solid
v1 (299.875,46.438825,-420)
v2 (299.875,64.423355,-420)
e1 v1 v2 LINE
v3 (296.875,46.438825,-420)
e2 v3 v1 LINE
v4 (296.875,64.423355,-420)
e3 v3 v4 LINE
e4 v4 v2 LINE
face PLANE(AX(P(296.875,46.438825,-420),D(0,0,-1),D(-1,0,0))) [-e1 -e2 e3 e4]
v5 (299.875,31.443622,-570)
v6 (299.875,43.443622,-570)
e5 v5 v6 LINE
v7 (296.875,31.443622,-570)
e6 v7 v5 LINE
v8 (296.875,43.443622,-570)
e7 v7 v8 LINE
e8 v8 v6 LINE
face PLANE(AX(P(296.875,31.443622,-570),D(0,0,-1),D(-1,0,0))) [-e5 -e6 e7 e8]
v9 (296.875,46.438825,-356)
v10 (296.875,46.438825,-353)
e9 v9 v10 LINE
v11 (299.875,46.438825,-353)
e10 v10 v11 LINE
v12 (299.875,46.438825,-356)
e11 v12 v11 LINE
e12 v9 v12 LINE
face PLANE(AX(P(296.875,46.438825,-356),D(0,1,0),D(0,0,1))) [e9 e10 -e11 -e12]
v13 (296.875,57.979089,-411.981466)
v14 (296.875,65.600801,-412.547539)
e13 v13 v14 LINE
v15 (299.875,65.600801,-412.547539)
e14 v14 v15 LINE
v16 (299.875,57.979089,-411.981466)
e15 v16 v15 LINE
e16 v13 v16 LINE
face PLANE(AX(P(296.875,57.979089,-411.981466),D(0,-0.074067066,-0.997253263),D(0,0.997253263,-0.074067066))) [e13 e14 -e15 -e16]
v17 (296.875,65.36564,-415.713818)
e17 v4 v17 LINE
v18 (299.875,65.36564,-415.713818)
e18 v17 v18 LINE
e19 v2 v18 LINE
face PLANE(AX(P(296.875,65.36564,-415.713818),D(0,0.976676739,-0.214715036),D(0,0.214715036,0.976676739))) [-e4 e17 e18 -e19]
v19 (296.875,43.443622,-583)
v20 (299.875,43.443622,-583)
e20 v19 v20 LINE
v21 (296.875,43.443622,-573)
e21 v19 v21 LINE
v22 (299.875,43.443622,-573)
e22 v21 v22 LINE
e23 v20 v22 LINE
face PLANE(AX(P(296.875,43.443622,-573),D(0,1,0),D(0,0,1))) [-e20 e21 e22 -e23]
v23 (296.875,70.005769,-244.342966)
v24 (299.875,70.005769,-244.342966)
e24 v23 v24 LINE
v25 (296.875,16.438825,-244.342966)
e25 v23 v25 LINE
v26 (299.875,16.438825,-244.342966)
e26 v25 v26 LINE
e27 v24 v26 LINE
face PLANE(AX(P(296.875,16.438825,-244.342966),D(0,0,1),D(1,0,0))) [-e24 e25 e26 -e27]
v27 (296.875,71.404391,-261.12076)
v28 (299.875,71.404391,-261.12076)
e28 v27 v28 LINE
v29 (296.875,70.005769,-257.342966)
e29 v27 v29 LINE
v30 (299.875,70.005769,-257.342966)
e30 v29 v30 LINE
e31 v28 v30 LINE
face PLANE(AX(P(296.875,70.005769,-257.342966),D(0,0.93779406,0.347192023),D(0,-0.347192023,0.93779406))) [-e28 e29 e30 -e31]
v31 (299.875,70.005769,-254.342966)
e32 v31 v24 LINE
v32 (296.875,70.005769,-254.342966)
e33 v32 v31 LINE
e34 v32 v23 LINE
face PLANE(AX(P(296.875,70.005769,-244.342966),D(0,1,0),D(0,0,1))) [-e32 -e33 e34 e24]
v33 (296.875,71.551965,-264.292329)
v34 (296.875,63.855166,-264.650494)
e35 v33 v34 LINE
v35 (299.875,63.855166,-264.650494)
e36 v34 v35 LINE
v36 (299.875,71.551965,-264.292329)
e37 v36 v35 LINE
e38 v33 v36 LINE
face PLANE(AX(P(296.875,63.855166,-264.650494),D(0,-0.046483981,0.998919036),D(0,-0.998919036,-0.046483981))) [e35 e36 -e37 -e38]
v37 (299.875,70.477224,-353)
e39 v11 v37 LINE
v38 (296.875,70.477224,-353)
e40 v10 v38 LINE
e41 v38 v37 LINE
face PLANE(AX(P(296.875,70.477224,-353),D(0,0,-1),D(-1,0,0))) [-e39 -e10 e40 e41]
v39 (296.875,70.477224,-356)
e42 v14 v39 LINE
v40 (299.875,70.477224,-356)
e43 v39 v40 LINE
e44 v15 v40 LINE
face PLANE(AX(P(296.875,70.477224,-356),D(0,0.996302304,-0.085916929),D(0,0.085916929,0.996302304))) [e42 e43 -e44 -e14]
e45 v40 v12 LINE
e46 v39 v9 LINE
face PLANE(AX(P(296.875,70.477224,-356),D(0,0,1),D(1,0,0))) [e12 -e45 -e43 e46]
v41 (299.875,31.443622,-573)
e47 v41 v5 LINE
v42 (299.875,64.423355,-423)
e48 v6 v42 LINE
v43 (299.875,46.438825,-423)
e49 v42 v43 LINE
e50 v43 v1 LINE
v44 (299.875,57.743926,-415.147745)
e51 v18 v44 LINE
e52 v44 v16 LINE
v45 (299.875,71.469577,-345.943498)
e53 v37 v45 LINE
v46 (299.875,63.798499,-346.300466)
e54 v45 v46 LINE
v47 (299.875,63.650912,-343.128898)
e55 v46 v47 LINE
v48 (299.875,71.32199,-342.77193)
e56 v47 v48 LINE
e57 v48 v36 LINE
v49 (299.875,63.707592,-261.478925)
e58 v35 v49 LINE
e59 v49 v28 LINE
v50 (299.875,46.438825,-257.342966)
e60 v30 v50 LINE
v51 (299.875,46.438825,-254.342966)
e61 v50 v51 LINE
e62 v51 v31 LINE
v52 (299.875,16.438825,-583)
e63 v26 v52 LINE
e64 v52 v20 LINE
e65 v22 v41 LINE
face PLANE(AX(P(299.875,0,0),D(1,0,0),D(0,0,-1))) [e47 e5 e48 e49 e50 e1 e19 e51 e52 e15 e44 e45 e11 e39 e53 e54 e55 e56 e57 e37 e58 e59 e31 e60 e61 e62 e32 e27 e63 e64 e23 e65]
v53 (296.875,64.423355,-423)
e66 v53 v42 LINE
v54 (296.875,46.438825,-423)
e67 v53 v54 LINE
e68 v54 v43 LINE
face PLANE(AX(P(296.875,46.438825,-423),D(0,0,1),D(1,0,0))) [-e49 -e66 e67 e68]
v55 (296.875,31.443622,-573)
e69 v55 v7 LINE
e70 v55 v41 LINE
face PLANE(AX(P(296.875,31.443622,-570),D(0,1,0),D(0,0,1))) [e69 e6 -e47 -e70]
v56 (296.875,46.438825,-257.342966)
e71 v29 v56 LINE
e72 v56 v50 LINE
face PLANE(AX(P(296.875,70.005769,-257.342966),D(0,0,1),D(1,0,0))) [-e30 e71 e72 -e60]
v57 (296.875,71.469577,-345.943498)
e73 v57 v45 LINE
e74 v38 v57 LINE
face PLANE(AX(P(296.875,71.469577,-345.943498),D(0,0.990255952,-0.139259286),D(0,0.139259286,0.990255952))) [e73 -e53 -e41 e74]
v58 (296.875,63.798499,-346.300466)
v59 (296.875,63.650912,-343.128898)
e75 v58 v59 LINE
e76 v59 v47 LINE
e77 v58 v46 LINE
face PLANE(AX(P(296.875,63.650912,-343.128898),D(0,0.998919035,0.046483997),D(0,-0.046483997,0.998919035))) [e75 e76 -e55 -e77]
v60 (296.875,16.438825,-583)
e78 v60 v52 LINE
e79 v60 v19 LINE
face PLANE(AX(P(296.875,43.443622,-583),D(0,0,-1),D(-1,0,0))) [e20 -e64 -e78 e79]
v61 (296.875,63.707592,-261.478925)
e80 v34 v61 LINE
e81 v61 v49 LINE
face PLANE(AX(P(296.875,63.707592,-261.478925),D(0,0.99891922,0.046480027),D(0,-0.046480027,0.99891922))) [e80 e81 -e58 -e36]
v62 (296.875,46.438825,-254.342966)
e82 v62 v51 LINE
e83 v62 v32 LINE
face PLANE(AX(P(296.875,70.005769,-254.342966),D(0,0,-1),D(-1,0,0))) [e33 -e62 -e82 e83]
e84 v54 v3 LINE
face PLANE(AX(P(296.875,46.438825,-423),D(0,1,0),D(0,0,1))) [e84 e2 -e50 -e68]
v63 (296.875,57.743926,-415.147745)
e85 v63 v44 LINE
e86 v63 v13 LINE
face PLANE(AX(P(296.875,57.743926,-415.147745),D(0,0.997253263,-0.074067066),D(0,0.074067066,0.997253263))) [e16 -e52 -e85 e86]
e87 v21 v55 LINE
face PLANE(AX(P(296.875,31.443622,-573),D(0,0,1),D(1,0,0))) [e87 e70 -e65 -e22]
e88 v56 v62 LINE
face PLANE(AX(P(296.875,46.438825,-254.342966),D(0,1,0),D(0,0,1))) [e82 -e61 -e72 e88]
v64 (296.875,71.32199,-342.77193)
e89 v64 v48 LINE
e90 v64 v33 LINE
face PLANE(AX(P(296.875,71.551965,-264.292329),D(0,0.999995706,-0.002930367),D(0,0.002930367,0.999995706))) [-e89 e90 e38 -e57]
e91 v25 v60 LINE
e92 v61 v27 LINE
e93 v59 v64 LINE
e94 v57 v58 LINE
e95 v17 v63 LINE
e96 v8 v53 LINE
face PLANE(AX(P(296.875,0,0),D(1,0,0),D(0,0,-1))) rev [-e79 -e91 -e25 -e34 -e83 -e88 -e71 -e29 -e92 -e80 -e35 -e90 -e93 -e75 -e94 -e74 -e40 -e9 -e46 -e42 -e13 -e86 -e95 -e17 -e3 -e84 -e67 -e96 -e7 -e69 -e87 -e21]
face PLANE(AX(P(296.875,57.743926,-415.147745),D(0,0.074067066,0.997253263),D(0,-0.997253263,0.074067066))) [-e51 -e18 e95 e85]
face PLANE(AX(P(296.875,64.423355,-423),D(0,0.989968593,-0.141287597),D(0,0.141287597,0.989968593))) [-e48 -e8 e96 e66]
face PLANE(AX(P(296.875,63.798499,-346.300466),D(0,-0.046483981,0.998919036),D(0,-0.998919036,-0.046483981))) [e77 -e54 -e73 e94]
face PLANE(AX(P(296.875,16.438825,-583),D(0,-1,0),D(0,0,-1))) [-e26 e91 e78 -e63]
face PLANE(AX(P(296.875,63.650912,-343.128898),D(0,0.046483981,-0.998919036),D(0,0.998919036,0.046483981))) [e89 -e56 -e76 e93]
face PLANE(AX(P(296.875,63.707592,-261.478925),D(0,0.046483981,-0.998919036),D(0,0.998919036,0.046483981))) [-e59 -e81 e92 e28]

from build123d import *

# Parameters (mm, degrees)
BOSS_EXTRUDE1_DEPTH = 3


with BuildPart() as part:
    # Sketch1 → Boss-Extrude1 (new body)
    with BuildSketch(Plane(origin=(299.875, 0, 0), x_dir=(0, 0, -1), z_dir=(1, 0, 0))):
        Polygon((254.342966202, 46.438825445), (257.342966202, 46.438825445), (257.342966202, 70.005768865), (261.120760322, 71.404391483), (261.478925383, 63.707591635), (264.650493907, 63.855165721), (264.292328864, 71.551965185), (342.771929635, 71.321990196), (343.128897762, 63.650911904), (346.300465699, 63.798498596), (345.943497573, 71.469576862), (353, 70.477223834), (353, 46.438825445), (356, 46.438825445), (356, 70.477223834), (412.547538785, 65.600801419), (411.981466053, 57.979089008), (415.147745162, 57.743926072), (415.71381799, 65.36563978), (420, 64.4233549), (420, 46.438825445), (423, 46.438825445), (423, 64.4233549), (570, 43.443621916), (570, 31.443621916), (573, 31.443621916), (573, 43.443621916), (583, 43.443621916), (583, 16.438825445), (244.342966202, 16.438825445), (244.342966202, 70.005768865), (254.342966202, 70.005768865), align=None)
    extrude(amount=-BOSS_EXTRUDE1_DEPTH)


solid = part.part
